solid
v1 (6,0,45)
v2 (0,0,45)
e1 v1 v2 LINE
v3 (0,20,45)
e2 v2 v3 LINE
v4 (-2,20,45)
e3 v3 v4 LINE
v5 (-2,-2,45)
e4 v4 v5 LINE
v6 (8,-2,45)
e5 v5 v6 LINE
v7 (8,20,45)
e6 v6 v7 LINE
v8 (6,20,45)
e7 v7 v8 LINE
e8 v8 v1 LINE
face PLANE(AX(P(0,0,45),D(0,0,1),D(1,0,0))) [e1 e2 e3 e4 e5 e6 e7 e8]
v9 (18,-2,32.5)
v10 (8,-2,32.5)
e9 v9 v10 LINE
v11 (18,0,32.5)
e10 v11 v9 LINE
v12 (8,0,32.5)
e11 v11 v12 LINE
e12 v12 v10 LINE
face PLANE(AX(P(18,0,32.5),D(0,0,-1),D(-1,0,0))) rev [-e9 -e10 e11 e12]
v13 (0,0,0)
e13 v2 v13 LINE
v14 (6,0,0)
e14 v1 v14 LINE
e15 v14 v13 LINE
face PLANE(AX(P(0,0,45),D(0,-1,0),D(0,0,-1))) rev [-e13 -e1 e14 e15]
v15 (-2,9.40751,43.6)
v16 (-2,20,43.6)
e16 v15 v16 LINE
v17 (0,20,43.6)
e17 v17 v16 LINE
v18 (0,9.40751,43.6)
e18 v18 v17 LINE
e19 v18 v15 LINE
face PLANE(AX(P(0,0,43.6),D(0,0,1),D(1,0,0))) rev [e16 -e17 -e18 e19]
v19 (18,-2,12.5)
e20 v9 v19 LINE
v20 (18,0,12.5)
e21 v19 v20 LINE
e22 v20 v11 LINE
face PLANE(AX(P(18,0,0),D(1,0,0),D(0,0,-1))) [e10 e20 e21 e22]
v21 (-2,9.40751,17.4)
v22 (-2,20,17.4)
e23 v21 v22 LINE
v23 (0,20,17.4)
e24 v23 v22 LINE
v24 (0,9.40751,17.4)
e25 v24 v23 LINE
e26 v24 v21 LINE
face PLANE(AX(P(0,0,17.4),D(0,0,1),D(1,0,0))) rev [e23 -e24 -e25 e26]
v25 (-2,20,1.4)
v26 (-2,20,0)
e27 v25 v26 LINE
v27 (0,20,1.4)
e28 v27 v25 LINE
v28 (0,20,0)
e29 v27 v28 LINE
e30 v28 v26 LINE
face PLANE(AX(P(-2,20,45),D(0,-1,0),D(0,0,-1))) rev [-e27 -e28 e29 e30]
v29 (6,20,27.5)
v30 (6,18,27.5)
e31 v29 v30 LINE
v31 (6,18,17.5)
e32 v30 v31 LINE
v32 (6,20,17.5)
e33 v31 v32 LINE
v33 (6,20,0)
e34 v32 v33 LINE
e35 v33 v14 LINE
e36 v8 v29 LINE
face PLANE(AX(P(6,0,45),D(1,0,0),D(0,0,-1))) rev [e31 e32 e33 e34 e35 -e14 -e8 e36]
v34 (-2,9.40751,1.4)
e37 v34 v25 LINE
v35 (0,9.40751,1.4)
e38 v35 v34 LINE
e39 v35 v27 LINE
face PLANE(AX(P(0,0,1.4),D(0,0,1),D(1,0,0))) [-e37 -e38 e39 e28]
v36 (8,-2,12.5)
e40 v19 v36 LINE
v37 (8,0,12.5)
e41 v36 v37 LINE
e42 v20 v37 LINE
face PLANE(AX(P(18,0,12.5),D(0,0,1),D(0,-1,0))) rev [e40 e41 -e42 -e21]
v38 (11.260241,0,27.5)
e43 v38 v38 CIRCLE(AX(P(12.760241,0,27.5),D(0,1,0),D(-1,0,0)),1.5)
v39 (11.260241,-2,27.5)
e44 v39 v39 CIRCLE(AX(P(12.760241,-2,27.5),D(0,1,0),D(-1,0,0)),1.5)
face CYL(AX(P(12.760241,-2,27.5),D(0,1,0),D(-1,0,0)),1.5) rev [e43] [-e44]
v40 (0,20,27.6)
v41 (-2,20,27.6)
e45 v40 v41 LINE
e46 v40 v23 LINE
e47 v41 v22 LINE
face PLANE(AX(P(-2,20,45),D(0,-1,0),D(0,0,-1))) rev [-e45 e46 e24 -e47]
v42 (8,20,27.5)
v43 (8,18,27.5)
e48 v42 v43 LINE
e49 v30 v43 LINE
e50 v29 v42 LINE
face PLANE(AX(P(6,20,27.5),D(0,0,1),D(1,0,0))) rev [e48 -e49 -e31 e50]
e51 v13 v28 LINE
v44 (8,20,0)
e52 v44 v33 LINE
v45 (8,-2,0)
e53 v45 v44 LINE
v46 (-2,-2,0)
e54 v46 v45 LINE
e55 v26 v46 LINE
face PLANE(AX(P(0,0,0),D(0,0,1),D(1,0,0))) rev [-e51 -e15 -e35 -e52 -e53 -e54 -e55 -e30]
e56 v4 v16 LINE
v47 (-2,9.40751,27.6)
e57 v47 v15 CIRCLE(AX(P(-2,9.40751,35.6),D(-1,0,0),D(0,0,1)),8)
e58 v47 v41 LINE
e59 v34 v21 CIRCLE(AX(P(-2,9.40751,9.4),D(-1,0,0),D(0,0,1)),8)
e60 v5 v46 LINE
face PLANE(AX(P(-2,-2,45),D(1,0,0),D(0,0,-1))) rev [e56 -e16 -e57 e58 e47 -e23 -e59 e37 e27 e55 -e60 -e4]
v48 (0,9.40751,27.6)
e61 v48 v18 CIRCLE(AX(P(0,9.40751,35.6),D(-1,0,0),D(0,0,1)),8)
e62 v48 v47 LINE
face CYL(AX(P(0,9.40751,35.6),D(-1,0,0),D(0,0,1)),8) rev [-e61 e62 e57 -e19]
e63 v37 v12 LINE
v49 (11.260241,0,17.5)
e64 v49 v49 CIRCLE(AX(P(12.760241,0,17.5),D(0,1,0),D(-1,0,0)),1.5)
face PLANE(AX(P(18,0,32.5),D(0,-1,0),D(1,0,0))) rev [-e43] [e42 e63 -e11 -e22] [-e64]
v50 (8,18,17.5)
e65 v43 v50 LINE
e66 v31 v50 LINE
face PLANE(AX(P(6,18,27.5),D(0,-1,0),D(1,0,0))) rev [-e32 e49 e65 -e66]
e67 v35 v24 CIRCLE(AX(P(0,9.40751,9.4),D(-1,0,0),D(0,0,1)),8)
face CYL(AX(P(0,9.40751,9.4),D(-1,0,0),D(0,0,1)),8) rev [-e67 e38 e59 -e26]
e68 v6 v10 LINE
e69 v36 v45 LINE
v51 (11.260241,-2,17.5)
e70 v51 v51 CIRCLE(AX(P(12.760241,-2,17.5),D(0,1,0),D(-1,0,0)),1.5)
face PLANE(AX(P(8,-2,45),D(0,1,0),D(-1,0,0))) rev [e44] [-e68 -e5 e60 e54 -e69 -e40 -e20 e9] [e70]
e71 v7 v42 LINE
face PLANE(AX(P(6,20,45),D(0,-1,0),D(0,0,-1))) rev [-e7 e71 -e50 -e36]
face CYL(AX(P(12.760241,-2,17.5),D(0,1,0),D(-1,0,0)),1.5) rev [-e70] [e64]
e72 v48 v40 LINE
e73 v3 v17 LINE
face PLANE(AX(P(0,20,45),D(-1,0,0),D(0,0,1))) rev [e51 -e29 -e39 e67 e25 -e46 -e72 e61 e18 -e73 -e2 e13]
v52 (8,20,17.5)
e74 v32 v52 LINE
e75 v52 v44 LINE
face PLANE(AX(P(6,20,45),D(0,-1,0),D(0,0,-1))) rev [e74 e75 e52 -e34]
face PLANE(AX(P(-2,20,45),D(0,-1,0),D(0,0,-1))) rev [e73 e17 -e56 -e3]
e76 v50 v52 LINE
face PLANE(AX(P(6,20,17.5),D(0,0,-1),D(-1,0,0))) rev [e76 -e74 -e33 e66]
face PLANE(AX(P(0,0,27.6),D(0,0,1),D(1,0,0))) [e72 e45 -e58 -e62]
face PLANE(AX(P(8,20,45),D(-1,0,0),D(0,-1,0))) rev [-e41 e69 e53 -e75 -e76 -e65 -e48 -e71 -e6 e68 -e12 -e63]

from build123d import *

# Parameters (mm, degrees)
BOSS_EXTRUDE1_DEPTH = 45
CUT_EXTRUDE1_DEPTH  = 2
SKETCH4_W           = 10
SKETCH4_H           = 2
CUT_EXTRUDE2_DEPTH  = 2
SKETCH5_W           = 20
SKETCH5_H           = 2
BOSS_EXTRUDE2_DEPTH = 10
SKETCH6_R           = 1.5
CUT_EXTRUDE3_DEPTH  = 2


with BuildPart() as part:
    # Sketch1 → Boss-Extrude1 (new body)
    with BuildSketch(Plane.XY):
        Polygon((0, 0), (6, 0), (6, 20), (8, 20), (8, -2), (-2, -2), (-2, 20), (0, 20), align=None)
    extrude(amount=BOSS_EXTRUDE1_DEPTH)

    # Sketch3 → Cut-Extrude1 (cut)
    with BuildSketch(Plane.ZY.offset(2)):
        with BuildLine():
            ThreePointArc((43.6, 9.407510361), (35.6, 17.407510361), (27.6, 9.407510361))
            Line((27.6, 9.407510361), (43.6, 9.407510361))
        make_face()
        with BuildLine():
            Line((43.6, 9.407510361), (27.6, 9.407510361))
            ThreePointArc((27.6, 9.407510361), (35.6, 1.407510361), (43.6, 9.407510361))
        make_face()
        with BuildLine():
            Line((1.4, 20), (1.4, 9.407510361))
            ThreePointArc((1.4, 9.407510361), (9.4, 17.407510361), (17.4, 9.407510361))
            Line((17.4, 9.407510361), (17.4, 20))
            Line((17.4, 20), (1.4, 20))
        make_face()
        with BuildLine():
            ThreePointArc((17.4, 9.407510361), (9.4, 17.407510361), (1.4, 9.407510361))
            Line((1.4, 9.407510361), (17.4, 9.407510361))
        make_face()
        with BuildLine():
            Line((17.4, 9.407510361), (1.4, 9.407510361))
            ThreePointArc((1.4, 9.407510361), (9.4, 1.407510361), (17.4, 9.407510361))
        make_face()
        with BuildLine():
            Line((43.6, 20), (27.6, 20))
            Line((27.6, 20), (27.6, 9.407510361))
            ThreePointArc((27.6, 9.407510361), (35.6, 17.407510361), (43.6, 9.407510361))
            Line((43.6, 9.407510361), (43.6, 20))
        make_face()
    extrude(amount=-CUT_EXTRUDE1_DEPTH, mode=Mode.SUBTRACT)

    # Sketch4 → Cut-Extrude2 (cut)
    with BuildSketch(Plane(origin=(8, 0, 0), x_dir=(0, 0, -1), z_dir=(1, 0, 0))):
        with Locations((-22.5, 19)):
            Rectangle(SKETCH4_W, SKETCH4_H)
    extrude(amount=-CUT_EXTRUDE2_DEPTH, mode=Mode.SUBTRACT)

    # Sketch5 → Boss-Extrude2 (add)
    with BuildSketch(Plane(origin=(8, 0, 0), x_dir=(0, 0, -1), z_dir=(1, 0, 0))):
        with Locations((-22.5, -1)):
            Rectangle(SKETCH5_W, SKETCH5_H)
    extrude(amount=BOSS_EXTRUDE2_DEPTH)

    # Sketch6 → Cut-Extrude3 (cut)
    with BuildSketch(Plane(origin=(0, 0, 0), x_dir=(1, 0, 0), z_dir=(0, 1, 0))):
        with Locations(Location((12.760241106, -27.5, 0), (0, 0, 180))):
            Circle(SKETCH6_R)
        with Locations(Location((12.760241106, -17.5, 0), (0, 0, 180))):
            Circle(SKETCH6_R)
    extrude(amount=-CUT_EXTRUDE3_DEPTH, mode=Mode.SUBTRACT)


solid = part.part
